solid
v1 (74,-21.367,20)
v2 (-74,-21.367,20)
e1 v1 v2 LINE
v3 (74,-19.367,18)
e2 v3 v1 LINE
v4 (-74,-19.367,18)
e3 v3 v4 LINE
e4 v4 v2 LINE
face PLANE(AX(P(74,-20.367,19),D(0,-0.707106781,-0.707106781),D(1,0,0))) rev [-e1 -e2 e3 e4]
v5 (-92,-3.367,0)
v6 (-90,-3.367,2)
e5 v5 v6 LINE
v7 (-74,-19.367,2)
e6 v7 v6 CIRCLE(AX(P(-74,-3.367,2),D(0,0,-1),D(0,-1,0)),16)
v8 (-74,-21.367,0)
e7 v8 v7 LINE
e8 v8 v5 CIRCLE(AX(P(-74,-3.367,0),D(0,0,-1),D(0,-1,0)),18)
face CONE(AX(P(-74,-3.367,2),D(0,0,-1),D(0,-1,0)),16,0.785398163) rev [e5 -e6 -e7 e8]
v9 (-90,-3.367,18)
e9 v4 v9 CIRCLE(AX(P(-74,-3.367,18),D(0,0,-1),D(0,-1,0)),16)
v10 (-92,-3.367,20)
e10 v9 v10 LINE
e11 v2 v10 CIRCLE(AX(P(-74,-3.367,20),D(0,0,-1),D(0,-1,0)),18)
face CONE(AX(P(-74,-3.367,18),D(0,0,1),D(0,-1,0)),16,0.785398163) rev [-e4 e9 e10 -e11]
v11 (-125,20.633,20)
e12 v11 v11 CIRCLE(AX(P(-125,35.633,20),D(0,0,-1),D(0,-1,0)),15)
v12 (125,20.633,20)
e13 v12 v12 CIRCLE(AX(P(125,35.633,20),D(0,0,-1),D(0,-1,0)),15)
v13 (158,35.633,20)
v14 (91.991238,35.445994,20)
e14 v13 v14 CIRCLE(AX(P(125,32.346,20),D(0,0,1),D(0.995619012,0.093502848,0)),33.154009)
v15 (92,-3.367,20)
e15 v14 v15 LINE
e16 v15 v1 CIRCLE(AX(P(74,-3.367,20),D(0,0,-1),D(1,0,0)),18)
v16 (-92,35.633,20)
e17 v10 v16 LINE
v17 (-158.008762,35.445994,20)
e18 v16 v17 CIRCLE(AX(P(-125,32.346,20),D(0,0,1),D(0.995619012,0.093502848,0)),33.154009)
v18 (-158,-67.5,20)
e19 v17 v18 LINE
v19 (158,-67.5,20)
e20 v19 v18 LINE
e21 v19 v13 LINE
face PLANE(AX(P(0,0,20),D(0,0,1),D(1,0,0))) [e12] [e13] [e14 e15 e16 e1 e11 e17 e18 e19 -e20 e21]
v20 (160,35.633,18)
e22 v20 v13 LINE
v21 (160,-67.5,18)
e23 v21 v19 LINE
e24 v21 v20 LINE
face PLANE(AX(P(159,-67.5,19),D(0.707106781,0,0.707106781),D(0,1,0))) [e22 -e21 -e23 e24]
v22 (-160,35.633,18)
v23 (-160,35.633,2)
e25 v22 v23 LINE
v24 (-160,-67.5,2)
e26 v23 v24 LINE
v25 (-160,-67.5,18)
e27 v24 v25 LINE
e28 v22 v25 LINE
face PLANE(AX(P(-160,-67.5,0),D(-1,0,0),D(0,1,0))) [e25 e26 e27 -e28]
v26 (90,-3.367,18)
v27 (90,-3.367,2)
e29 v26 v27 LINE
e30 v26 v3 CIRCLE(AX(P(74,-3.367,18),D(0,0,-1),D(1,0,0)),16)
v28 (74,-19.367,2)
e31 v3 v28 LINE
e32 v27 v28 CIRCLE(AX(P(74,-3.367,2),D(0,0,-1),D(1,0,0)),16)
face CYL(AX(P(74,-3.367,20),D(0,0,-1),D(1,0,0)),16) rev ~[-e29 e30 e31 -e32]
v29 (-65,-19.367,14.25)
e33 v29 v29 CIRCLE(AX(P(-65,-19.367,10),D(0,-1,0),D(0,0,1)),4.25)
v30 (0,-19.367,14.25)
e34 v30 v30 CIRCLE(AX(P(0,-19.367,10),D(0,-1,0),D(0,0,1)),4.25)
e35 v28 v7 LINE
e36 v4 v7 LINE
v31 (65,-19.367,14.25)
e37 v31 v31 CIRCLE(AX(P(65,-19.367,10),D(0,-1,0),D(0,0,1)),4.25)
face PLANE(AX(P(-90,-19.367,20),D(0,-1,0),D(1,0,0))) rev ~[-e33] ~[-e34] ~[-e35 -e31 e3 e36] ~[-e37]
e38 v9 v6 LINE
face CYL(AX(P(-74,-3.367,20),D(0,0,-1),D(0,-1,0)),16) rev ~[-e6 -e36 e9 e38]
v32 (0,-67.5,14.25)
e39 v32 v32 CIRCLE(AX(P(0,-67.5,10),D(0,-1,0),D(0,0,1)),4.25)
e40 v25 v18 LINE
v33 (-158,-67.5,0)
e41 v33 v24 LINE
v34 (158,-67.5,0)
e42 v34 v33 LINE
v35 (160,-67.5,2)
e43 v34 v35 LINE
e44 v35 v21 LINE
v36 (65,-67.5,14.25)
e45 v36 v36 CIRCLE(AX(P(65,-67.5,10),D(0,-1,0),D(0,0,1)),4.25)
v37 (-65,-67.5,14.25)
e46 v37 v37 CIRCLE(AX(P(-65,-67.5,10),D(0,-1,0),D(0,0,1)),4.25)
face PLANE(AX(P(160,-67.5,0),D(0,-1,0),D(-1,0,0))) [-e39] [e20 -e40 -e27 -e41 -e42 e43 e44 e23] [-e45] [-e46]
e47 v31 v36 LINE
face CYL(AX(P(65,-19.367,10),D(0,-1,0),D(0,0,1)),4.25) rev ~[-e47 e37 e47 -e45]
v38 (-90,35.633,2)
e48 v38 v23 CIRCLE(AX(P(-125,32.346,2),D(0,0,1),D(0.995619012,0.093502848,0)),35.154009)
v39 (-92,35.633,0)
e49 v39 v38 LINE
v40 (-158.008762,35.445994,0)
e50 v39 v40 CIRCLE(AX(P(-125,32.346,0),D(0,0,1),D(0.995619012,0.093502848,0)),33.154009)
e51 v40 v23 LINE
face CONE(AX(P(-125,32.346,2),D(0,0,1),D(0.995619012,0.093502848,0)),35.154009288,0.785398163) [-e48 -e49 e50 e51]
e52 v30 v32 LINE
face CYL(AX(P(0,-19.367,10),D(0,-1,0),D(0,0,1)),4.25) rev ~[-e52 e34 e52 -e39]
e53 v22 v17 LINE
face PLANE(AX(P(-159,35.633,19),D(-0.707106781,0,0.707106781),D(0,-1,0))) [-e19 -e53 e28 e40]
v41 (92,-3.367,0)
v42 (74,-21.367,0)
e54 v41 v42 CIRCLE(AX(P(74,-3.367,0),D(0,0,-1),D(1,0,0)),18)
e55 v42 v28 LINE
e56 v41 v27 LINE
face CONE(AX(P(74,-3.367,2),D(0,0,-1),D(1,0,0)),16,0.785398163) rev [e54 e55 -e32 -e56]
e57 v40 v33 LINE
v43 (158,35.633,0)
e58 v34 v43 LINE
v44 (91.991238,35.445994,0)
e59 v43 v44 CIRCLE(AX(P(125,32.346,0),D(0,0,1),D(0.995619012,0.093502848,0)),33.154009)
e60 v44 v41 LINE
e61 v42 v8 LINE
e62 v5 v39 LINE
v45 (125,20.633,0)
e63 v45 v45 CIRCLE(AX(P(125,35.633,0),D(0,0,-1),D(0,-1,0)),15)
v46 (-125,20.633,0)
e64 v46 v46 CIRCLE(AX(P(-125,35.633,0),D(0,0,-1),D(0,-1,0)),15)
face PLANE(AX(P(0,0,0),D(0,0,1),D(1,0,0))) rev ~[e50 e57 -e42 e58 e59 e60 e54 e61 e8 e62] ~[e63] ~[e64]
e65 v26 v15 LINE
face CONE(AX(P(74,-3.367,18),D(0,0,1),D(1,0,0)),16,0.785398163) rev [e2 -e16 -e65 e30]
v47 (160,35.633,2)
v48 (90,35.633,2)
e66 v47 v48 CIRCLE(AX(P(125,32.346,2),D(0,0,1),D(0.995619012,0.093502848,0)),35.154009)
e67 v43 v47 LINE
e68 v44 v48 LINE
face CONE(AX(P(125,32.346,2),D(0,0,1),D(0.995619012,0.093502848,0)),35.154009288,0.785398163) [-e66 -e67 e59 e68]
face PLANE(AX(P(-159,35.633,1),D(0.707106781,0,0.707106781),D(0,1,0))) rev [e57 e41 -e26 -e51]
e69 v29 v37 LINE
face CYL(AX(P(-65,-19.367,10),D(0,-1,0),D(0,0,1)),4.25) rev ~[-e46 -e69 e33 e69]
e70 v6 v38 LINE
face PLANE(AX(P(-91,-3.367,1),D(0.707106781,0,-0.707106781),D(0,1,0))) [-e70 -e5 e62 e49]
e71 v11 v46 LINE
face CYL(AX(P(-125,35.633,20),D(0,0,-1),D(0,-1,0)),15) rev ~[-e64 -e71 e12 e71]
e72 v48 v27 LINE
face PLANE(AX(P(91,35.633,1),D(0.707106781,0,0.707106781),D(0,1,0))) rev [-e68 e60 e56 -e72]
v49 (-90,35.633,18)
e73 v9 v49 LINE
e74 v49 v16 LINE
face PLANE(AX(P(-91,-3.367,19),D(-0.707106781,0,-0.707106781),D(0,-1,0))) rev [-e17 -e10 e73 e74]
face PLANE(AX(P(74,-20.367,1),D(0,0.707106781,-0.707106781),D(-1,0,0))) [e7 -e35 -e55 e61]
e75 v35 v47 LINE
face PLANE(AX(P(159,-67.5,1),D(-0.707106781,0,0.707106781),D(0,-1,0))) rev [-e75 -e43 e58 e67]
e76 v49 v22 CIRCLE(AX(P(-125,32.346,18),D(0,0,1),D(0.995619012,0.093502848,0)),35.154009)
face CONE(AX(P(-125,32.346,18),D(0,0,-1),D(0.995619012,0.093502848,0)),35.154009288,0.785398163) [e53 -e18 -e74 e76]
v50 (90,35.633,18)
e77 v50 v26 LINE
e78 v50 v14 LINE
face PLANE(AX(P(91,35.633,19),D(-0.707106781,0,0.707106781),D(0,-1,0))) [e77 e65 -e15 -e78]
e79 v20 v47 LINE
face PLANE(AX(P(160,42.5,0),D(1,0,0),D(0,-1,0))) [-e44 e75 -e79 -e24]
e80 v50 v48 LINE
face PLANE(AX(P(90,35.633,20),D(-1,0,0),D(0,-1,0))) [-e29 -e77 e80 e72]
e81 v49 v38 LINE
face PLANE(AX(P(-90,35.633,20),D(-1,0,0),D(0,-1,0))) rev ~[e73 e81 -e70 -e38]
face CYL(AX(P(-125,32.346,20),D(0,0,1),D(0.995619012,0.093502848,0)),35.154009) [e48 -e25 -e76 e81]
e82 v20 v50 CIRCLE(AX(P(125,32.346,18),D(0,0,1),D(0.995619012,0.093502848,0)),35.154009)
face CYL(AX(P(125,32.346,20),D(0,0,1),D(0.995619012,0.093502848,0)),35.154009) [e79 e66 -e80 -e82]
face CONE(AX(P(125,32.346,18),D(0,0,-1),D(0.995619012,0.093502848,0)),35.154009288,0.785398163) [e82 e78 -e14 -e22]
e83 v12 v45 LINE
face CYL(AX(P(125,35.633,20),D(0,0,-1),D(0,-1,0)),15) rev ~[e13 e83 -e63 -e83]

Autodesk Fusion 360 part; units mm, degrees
sketch "Sketch1" plane through (0, 0, 0) normal (0, 0, 1) x (1, 0, 0)
  line L0 (160, -67.5) -> (-160, -67.5)
  line L1 (-160, -67.5) -> (-160, 67.5)
  line L2 (-160, 67.5) -> (160, 67.5)
  line L3 (160, 67.5) -> (160, -67.5)
  line L4 (160, -67.5) -> (-160, 67.5) construction
  line L5 (-160, -67.5) -> (160, 67.5) construction
  line L6 (-160, 67.5) -> (-125, 67.5)
  line L7 (-125, 67.5) -> (-125, 42.5)
  line L8 (-125, 42.5) -> (-160, 42.5)
  line L9 (-160, 42.5) -> (-160, 67.5)
  line L10 (125, 42.5) -> (160, 42.5)
  line L11 (160, 42.5) -> (160, 67.5)
  line L12 (160, 67.5) -> (125, 67.5)
  line L13 (125, 67.5) -> (125, 42.5)
  dimension "d1" = 320
  dimension "d2" = 135
  dimension "d3" = 35
  dimension "d4" = 35
  dimension "d5" = 25
  dimension "d6" = 25
extrude "Extrude1" add sketch "Sketch1" along normal blind 20
sketch "Sketch2" plane through (0, 0, 20) normal (0, 0, 1) x (1, 0, 0)
  line L0 (160, -67.5) -> (160, 67.5)
  line L1 (160, 67.5) -> (-160, 67.5)
  line L2 (-160, 67.5) -> (-160, -67.5)
  line L3 (-160, -67.5) -> (160, -67.5)
  line L4 (-125, 35.633) -> (125, 35.633)
  dimension "d9" = 250
  dimension "d11" = 103.133
hole "Hole1" at (-125, 35.633, 20) at (125, 35.633, 20) direction (0, 0, -1) diameter 30 depth 50 tip angle 118
sketch "Sketch3" plane through (0, 0, 20) normal (0, 0, 1) x (1, 0, 0)
  circle A0 centre (-125, 35.633) radius 15
  circle A1 centre (125, 35.633) radius 15
  line L0 (160, -67.5) -> (160, 67.5)
  line L1 (160, 67.5) -> (-160, 67.5)
  line L2 (-160, 67.5) -> (-160, -67.5)
  line L3 (-160, -67.5) -> (160, -67.5)
  line L4 (-125, 35.633) -> (-160, 35.633)
  line L5 (125, 35.633) -> (126.752, 35.633)
  line L6 (126.752, 35.633) -> (160, 35.633)
  line L7 (125, 35.633) -> (90, 35.633)
  line L8 (-125, 35.633) -> (-90, 35.633)
  line L9 (-90, 35.633) -> (-90, -19.367)
  line L10 (90, 35.633) -> (90, -19.367)
  line L11 (-90, -19.367) -> (90, -19.367)
  line L12 (-125, 35.633) -> (-125, 67.5)
  line L13 (125, 35.633) -> (125, 67.5)
  arc A2 (-90, 35.633) -> (-160, 35.633) centre (-125, 32.346) ccw
  arc A3 (160, 35.633) -> (90, 35.633) centre (125, 32.346) ccw
  dimension "d15" = 55
  dimension "d16" = 70
  dimension "d17" = 55
extrude "Extrude2" cut sketch "Sketch3" against normal blind 20 contours L1 L9 L10 L11 A2 A3 | L1 L2 A2 | L0 L1 A3
sketch "Sketch4" plane through (0, -19.367, 0) normal (0, 1, 0) x (-1, 0, 0)
  line L0 (90, 20) -> (-90, 20)
  line L1 (-90, 20) -> (-90, 0)
  line L2 (-90, 0) -> (90, 0)
  line L3 (90, 0) -> (90, 20)
  line L4 (90, 10) -> (65, 10)
  line L5 (-90, 10) -> (-65, 10)
  line L6 (0, 10) -> (-25, 10)
  dimension "d20" = 25
  dimension "d21" = 25
  dimension "d22" = 10
  dimension "d23" = 10
  dimension "d24" = 25
  dimension "d25" = 10
hole "Hole2" at (-65, -19.367, 10) at (0, -19.367, 10) at (65, -19.367, 10) direction (0, -1, 0) diameter 8.5 end through all
fillet "Fillet1" radius 16 2 edges at (-90, -19.367, 10) (90, -19.367, 10)
chamfer "Chamfer1" distance 2 angle 45 18 edges at (-125, 67.5, 20) (-90, 16.133, 20) (90, 16.133, 20) (85.3137, -14.6807, 20) (0, -19.367, 20) (-85.3137, -14.6807, 20) (125, 67.5, 20) (160, -15.9335, 20) (-160, -15.9335, 20) (160, -15.9335, 0) (125, 67.5, 0) (90, 16.133, 0) (-90, 16.133, 0) (-85.3137, -14.6807, 0) (0, -19.367, 0) (85.3137, -14.6807, 0) (-125, 67.5, 0) (-160, -15.9335, 0)
equation "d2 = 160 mm - 25 mm"
equation "d9 = 320 mm - 35 mm - 35 mm"
equation "d11 = 88.133 mm + 15 mm"
